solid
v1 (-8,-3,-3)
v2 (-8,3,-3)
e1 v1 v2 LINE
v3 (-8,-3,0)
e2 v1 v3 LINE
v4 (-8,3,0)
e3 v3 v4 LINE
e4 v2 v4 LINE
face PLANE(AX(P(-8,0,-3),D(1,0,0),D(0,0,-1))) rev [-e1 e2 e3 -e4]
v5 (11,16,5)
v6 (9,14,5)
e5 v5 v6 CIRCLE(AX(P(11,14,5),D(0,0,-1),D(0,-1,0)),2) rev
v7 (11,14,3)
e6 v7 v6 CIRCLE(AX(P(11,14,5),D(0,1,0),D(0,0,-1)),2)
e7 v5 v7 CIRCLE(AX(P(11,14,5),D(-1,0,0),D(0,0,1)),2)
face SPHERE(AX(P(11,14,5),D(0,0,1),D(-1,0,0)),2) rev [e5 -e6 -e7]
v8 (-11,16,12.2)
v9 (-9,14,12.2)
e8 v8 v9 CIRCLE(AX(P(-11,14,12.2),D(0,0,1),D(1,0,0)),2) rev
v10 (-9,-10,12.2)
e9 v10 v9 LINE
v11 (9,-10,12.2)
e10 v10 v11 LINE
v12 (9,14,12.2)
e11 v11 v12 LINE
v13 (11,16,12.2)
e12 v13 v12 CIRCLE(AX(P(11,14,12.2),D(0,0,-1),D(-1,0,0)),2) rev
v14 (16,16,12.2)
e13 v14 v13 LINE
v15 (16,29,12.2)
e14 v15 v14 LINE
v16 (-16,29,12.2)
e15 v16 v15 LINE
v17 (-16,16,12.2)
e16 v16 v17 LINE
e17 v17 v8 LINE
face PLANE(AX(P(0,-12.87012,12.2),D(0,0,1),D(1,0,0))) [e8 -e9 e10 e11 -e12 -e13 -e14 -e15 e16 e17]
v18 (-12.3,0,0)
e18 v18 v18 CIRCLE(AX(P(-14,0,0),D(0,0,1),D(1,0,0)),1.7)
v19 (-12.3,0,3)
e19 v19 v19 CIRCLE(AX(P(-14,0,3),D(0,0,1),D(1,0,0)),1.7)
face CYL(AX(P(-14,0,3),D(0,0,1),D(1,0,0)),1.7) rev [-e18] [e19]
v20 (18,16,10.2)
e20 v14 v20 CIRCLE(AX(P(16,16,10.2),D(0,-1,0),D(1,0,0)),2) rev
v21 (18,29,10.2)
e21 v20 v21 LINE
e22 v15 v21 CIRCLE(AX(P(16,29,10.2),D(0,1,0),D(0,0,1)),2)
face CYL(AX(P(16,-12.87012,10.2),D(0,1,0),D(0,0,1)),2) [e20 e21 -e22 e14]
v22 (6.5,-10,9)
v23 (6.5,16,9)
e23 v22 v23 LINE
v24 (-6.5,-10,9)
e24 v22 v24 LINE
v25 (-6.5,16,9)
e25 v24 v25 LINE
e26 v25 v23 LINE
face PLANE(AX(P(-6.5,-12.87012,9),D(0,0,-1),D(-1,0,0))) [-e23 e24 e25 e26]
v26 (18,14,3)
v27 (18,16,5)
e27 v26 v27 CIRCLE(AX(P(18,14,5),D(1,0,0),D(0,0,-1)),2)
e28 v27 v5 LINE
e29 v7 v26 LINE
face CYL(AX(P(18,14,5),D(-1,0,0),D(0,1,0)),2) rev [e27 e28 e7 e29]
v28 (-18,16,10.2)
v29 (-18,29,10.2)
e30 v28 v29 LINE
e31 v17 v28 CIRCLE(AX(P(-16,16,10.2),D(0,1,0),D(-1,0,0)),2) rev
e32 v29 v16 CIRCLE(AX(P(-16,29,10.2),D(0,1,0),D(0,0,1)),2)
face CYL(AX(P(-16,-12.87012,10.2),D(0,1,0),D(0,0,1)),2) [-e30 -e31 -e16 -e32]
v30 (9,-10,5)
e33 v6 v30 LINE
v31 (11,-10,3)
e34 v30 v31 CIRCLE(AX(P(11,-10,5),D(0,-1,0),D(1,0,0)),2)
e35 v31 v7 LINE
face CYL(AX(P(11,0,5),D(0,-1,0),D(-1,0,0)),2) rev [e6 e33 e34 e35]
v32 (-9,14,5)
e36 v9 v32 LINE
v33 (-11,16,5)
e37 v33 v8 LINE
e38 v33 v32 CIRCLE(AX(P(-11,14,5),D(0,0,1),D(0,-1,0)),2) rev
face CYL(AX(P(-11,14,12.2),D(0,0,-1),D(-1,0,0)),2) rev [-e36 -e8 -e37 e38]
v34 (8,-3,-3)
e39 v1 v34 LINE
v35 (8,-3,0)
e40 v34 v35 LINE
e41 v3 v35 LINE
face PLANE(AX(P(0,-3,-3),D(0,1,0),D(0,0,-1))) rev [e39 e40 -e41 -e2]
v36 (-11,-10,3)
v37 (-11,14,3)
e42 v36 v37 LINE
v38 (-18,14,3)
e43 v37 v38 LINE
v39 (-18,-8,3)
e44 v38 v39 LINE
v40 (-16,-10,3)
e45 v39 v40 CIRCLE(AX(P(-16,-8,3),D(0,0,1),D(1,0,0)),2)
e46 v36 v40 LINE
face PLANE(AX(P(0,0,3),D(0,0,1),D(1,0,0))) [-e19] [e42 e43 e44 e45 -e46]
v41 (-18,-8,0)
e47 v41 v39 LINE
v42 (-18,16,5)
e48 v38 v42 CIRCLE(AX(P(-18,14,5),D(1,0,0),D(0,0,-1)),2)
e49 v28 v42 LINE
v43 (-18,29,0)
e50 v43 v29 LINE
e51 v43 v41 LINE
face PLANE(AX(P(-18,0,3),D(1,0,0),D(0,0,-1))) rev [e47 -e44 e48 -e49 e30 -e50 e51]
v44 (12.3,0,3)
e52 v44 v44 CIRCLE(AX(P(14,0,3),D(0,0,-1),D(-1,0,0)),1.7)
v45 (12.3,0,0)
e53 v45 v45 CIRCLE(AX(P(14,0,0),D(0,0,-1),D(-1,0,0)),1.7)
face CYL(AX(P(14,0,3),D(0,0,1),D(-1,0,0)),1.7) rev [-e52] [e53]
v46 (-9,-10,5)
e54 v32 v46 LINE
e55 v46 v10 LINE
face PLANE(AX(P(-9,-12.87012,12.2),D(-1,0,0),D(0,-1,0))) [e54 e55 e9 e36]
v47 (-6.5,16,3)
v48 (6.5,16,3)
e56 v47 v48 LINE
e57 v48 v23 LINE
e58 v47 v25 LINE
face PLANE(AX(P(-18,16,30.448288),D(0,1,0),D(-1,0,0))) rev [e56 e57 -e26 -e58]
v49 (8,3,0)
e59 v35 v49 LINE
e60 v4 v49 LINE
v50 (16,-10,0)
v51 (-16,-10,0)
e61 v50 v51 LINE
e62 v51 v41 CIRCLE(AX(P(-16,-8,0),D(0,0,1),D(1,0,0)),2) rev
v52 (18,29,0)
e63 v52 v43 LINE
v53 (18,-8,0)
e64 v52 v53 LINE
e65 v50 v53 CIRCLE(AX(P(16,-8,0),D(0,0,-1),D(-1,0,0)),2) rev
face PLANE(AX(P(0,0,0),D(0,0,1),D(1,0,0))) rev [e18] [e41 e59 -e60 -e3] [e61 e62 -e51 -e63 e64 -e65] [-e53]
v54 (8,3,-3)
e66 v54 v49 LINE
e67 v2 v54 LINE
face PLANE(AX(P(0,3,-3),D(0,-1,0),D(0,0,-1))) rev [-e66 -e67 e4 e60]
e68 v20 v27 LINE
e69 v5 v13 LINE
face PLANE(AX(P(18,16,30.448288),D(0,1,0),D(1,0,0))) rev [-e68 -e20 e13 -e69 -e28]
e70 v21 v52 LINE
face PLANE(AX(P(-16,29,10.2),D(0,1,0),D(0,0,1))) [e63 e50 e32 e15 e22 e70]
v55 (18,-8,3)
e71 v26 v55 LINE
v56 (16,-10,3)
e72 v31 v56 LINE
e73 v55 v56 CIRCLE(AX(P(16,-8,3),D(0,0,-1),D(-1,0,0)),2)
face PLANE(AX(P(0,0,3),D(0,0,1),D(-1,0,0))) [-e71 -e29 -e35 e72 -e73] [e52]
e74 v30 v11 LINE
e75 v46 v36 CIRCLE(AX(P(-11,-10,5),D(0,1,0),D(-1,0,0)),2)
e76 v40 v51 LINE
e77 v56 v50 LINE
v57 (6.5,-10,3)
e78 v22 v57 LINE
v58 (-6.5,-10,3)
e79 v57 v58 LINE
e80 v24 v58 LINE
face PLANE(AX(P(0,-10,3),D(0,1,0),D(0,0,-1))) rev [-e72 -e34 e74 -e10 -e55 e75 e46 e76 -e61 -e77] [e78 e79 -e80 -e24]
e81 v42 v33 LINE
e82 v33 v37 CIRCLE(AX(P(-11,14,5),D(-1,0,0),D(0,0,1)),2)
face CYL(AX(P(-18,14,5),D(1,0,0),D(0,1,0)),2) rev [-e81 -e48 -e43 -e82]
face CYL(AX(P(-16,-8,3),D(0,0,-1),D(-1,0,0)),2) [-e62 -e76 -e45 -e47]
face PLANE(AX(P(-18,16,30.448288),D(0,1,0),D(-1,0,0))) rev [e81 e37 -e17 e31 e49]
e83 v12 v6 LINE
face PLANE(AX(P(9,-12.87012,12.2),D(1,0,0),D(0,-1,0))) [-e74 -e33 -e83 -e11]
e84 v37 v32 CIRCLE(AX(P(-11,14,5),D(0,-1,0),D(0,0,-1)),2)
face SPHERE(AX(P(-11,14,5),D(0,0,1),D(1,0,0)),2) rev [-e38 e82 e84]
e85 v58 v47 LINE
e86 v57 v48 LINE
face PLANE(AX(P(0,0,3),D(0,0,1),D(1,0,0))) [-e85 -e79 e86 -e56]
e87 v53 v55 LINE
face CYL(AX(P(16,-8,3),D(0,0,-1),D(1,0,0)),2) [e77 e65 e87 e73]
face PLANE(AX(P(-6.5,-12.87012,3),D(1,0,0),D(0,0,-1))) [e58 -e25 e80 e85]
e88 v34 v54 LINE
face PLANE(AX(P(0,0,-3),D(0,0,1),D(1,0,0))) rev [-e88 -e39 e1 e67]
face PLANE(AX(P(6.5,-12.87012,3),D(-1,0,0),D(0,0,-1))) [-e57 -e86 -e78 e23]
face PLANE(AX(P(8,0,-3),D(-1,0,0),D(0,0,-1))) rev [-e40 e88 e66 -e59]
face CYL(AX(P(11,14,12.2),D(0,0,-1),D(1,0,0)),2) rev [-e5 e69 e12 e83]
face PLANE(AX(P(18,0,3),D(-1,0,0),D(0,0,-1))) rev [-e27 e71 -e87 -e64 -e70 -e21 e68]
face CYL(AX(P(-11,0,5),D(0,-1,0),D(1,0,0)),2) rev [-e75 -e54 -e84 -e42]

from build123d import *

# Parameters (mm, degrees)
SKIZZE1_W                       = 18
SKIZZE1_H                       = 10
AUFSATZ_LINEAR_AUSTRAGEN1_DEPTH = 3
DURCHGANGSLOCH_F_R_M31_D        = 3.4
SKIZZE5_W                       = 8
SKIZZE5_H                       = 3
AUFSATZ_LINEAR_AUSTRAGEN2_DEPTH = 3
AUFSATZ_LINEAR_AUSTRAGEN3_DEPTH = 10
AUFSATZ_LINEAR_AUSTRAGEN7_DEPTH = 9
SKIZZE19_W                      = 18
SKIZZE19_H                      = 3
AUFSATZ_LINEAR_AUSTRAGEN8_DEPTH = 9.2
VERRUNDUNG1_R                   = 2
VERRUNDUNG3_R                   = 2
AUFSATZ_LINEAR_AUSTRAGEN9_DEPTH = 10


with BuildPart() as part:
    # Skizze1 → Aufsatz-Linear austragen1 (new body)
    with BuildSketch(Plane.XY):
        with Locations((-9, 5)):
            Rectangle(SKIZZE1_W, SKIZZE1_H)
    extrude(amount=AUFSATZ_LINEAR_AUSTRAGEN1_DEPTH)

    # Durchgangsloch für M31 (through all)
    with Locations(Plane.XY.offset(3)):
        with Locations((-14, 0)):
            Hole(DURCHGANGSLOCH_F_R_M31_D / 2)

    # Skizze5 → Aufsatz-Linear austragen2 (add)
    with BuildSketch(Plane(origin=(0, 0, 0), x_dir=(-1, 0, 0), z_dir=(0, 0, -1))):
        with Locations((4, 1.5)):
            Rectangle(SKIZZE5_W, SKIZZE5_H)
    extrude(amount=AUFSATZ_LINEAR_AUSTRAGEN2_DEPTH)

    # Skizze7 → Aufsatz-Linear austragen3 (add)
    with BuildSketch(Plane(origin=(0, 10, 0), x_dir=(1, 0, 0), z_dir=(0, 1, 0))):
        Polygon((-6.5, -3), (-6.5, -9), (0, -9), (0, -12.2), (-9, -12.2), (-9, -3), align=None)
    extrude(amount=-AUFSATZ_LINEAR_AUSTRAGEN3_DEPTH)

    # Spiegeln2: part across plane


with BuildPart() as part_1:
    add(part.part)
    add(part.part.mirror(Plane(origin=(0, 0, 3), x_dir=(0, 0, 1), z_dir=(0, 1, 0))))

    # Skizze16 → Aufsatz-Linear austragen7 (add)
    with BuildSketch(Plane(origin=(0, 10, 0), x_dir=(1, 0, 0), z_dir=(0, 1, 0))):
        Polygon((0, 0), (-18, 0), (-18, -3), (-9, -3), (-9, -12.2), (0, -12.2), (0, -9), (-6.5, -9), (-6.5, -3), (0, -3), align=None)
    extrude(amount=AUFSATZ_LINEAR_AUSTRAGEN7_DEPTH)

    # Skizze19 → Aufsatz-Linear austragen8 (add)
    with BuildSketch(Plane.XY.offset(3)):
        with Locations((-9, 17.5)):
            Rectangle(SKIZZE19_W, SKIZZE19_H)
    extrude(amount=AUFSATZ_LINEAR_AUSTRAGEN8_DEPTH)

    # Verrundung1
    verrundung1_edges = [part_1.edges().sort_by_distance(p)[0] for p in [
        (-9, 16, 7.6),
        (-13.5, 16, 3),
        (-18, 17.5, 12.2),
        (-9, 5, 3),
    ]]
    fillet(verrundung1_edges, radius=VERRUNDUNG1_R)

    # Verrundung3
    verrundung3_edges = [part_1.edges().sort_by_distance(p)[0] for p in [
        (-18, -10, 1.5),
    ]]
    fillet(verrundung3_edges, radius=VERRUNDUNG3_R)

    # Spiegeln1: part across plane


with BuildPart() as part_2:
    add(part_1.part)
    add(part_1.part.mirror(Plane(origin=(0, 0, 3), x_dir=(0, 0, 1), z_dir=(-1, 0, 0))))

    # Skizze20 → Aufsatz-Linear austragen9 (add)
    with BuildSketch(Plane(origin=(0, 19, 0), x_dir=(1, 0, 0), z_dir=(0, 1, 0))):
        with BuildLine():
            Line((-18, 0), (-18, -10.2))
            ThreePointArc((-18, -10.2), (-17.414213562, -11.614213562), (-16, -12.2))
            Line((-16, -12.2), (16, -12.2))
            ThreePointArc((16, -12.2), (17.414213562, -11.614213562), (18, -10.2))
            Line((18, -10.2), (18, 0))
            Line((18, 0), (-18, 0))
        make_face()
    extrude(amount=AUFSATZ_LINEAR_AUSTRAGEN9_DEPTH)


solid = part_2.part
